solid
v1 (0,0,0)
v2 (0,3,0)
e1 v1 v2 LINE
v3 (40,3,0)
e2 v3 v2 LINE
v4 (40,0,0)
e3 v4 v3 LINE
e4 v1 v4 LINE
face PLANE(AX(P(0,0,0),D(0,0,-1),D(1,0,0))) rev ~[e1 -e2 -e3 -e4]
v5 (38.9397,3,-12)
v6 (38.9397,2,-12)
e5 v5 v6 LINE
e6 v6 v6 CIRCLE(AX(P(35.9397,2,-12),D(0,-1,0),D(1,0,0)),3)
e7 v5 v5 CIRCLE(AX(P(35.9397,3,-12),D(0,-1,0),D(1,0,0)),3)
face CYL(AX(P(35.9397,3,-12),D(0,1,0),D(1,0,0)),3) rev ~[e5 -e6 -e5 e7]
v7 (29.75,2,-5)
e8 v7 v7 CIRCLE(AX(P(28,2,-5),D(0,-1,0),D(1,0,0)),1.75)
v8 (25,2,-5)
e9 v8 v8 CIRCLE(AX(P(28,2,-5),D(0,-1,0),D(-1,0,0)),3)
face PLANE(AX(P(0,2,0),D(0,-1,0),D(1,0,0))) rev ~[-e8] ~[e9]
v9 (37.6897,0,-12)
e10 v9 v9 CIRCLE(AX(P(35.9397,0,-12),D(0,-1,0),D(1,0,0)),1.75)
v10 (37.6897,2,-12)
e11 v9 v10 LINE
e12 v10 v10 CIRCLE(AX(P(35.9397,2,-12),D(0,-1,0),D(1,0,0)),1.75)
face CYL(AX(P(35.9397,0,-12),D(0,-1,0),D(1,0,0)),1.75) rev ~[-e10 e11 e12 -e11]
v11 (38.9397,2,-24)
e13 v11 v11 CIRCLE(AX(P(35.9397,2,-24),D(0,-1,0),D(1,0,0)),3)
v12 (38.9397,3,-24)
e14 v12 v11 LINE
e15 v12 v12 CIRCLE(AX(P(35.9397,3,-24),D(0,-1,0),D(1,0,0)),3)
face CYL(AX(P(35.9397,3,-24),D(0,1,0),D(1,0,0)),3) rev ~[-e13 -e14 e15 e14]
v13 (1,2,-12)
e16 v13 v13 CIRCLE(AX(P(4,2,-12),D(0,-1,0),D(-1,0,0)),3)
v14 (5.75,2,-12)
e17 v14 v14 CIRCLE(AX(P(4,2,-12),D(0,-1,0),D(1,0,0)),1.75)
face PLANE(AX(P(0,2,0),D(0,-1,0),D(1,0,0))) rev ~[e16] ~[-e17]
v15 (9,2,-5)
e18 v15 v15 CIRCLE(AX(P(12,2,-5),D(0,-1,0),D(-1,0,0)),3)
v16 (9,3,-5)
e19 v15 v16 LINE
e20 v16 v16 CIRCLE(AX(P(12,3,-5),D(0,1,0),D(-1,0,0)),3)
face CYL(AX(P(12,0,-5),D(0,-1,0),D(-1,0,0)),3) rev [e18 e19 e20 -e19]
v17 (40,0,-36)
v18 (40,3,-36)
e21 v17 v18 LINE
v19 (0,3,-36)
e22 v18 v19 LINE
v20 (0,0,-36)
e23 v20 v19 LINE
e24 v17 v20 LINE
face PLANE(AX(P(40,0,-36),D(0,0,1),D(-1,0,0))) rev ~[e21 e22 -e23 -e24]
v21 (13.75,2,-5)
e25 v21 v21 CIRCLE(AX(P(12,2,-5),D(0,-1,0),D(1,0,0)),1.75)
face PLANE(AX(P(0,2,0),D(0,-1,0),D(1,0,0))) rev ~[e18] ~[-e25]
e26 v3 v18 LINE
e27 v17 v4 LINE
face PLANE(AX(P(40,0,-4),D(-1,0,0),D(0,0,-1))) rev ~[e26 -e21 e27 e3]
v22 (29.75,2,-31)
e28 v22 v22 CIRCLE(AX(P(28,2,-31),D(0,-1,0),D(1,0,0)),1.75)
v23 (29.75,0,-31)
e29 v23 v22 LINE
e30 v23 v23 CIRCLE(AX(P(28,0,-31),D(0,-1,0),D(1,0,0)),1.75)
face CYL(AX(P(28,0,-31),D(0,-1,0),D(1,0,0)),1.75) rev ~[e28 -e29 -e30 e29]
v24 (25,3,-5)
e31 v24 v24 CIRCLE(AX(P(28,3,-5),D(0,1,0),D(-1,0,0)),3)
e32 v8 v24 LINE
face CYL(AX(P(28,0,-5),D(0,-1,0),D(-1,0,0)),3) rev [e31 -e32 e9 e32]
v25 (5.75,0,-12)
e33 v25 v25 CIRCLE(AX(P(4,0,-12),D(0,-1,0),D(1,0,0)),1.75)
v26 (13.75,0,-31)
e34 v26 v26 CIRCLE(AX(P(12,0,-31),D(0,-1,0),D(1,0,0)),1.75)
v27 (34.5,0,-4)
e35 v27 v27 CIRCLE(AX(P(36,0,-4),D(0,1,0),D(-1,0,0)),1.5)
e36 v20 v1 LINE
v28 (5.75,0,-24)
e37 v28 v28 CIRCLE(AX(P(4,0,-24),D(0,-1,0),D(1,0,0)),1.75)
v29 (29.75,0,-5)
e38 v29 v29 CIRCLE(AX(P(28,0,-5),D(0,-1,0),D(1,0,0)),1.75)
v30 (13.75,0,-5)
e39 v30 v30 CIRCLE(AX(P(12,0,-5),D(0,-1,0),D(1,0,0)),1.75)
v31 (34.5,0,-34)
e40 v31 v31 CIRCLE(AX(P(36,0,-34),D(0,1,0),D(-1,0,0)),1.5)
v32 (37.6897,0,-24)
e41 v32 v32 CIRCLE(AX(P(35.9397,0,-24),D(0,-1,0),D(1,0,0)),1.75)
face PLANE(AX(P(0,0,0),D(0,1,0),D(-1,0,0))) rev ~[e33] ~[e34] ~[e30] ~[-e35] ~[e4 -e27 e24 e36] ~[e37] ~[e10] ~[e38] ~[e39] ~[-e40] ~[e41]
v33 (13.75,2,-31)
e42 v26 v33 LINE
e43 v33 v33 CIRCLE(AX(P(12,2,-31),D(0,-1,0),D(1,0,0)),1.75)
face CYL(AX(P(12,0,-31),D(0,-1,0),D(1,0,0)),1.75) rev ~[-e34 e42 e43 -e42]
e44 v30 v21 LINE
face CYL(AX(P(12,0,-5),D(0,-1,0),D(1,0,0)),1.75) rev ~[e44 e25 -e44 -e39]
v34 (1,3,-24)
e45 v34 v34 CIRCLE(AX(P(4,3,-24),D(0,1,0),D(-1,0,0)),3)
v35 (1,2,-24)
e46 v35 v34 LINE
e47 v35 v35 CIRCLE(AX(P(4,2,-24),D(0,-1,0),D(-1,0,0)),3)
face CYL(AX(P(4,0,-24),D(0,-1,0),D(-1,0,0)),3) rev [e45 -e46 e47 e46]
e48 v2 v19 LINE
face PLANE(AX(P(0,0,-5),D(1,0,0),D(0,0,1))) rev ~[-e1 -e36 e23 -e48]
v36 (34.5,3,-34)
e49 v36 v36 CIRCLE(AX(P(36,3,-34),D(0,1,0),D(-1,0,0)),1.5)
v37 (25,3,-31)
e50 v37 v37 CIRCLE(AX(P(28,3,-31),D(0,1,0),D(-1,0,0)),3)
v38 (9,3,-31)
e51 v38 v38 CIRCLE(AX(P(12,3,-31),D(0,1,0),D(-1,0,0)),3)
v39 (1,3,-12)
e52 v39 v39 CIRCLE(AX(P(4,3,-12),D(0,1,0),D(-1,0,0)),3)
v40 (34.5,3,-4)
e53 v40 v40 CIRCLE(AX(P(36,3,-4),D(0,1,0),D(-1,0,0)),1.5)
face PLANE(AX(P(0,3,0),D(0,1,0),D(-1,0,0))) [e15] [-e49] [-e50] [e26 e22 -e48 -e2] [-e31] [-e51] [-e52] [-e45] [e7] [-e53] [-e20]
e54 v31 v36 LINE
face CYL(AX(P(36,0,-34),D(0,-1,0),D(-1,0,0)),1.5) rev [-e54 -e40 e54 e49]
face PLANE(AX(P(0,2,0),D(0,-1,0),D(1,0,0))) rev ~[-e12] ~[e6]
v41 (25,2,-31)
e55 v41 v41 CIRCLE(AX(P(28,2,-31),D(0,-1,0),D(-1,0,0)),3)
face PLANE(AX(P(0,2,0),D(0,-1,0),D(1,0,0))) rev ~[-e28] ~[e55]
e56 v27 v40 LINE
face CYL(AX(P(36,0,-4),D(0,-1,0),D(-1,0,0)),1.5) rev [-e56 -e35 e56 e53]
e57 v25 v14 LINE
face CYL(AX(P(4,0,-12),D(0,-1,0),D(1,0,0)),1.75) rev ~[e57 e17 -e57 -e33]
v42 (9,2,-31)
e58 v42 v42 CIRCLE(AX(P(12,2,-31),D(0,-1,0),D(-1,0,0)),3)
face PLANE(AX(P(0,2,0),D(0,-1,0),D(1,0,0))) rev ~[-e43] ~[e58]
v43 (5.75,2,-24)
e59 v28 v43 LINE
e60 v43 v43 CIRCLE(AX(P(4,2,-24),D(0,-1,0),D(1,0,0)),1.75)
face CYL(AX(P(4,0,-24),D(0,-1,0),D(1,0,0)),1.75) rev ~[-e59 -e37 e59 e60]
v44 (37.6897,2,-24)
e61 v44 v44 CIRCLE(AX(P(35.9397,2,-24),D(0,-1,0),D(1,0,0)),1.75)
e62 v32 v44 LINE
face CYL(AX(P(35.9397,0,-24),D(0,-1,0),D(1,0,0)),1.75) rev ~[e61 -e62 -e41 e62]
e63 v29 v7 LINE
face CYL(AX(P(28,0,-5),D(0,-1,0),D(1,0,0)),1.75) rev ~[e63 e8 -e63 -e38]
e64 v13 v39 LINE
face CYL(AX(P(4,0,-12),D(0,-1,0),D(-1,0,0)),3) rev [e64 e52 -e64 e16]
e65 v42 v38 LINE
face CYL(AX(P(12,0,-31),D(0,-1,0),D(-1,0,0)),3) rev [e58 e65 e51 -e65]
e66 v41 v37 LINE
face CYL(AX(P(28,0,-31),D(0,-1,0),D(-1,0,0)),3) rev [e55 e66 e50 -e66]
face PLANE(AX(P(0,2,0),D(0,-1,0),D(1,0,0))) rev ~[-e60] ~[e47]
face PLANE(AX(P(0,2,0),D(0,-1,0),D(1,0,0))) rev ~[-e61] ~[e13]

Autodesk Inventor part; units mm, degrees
ref_plane "YZ Plane" through (0, 0, 0) normal (1, 0, 0) x (0, 1, 0)
ref_plane "XZ Plane" through (0, 0, 0) normal (0, 1, 0) x (-1, 0, 0)
ref_plane "XY Plane" through (0, 0, 0) normal (0, 0, 1) x (1, 0, 0)
sketch "Sketch1" plane through (0, 0, 0) normal (0, 1, 0) x (-1, 0, 0)
  line L0 (0, 0) -> (-40, 0)
  line L1 (-40, 0) -> (-40, -36)
  line L2 (-40, -36) -> (0, -36)
  line L3 (0, -36) -> (0, 0)
  line L4 (0, 0) -> (0, -5)
  circle A0 centre (-12, -5) radius 3
  circle A1 centre (-28, -5) radius 3
  line L5 (0, 0) -> (-4, 0)
  circle A2 centre (-4, -12) radius 3
  line L6 (-40, 0) -> (-36, 0)
  line L7 (-40, -4) -> (-40, 0)
  circle A3 centre (-36, -4) radius 1.5
  circle A4 centre (-4, -24) radius 3
  circle A5 centre (-12, -31) radius 3
  circle A6 centre (-28, -31) radius 3
  circle A7 centre (-36, -34) radius 1.5
  dimension "d0" = 40
  dimension "d1" = 36
  dimension "d11" = 6
  dimension "d13" = 0
  dimension "d14" = 0
  dimension "d15" = 5
  dimension "d16" = 4
  dimension "d17" = 4
  dimension "d18" = 12
  dimension "d19" = 4
  dimension "d20" = 24
  dimension "d21" = 12
  dimension "d22" = 5
  dimension "d23" = 12
  dimension "d24" = 31
  dimension "d25" = 28
  dimension "d26" = 5
  dimension "d27" = 28
  dimension "d29" = 36
  dimension "d30" = 36
  dimension "d31" = 4
  dimension "d32" = 36
  dimension "d34" = 4
  dimension "d88" = 30
  dimension "d89" = 3
extrude "Extrusion1" add sketch "Sketch1" along normal blind 3
sketch "Sketch2" plane through (0, 3, 0) normal (0, 1, 0) x (1, 0, 0)
  line L0 (39.9397, 0) -> (35.9397, 0)
  line L1 (0, 0) -> (40, 0)
  line L2 (35.9397, 0) -> (35.9397, 12)
  line L3 (35.9397, 12) -> (35.9397, 24)
  circle A0 centre (35.9397, 12) radius 3
  circle A1 centre (35.9397, 24) radius 3
  dimension "d4" = 4
  dimension "d5" = 12
  dimension "d6" = 12
  dimension "d7" = 6
  dimension "d8" = 6
  dimension "d35" = 0
  dimension "d36" = 35.9397
  dimension "d37" = 4.0603
  dimension "d38" = 35.9397
extrude "Extrusion2" cut sketch "Sketch2" against normal blind 3
sketch "Sketch5" plane through (0, 0, 0) normal (0, -1, 0) x (1, 0, 0)
  circle A0 centre (12, -5) radius 1.75
  circle A1 centre (12, -5) radius 3 projected
  circle A2 centre (12, -5) radius 3
  circle A3 centre (28, -5) radius 1.75
  circle A4 centre (28, -5) radius 3 projected
  circle A5 centre (28, -5) radius 3
  circle A6 centre (4, -12) radius 1.75
  circle A7 centre (4, -12) radius 3 projected
  circle A8 centre (4, -12) radius 3
  circle A9 centre (35.9397, -12) radius 1.75
  circle A10 centre (35.9397, -12) radius 3 projected
  circle A11 centre (35.9397, -24) radius 3 projected
  circle A12 centre (28, -31) radius 3 projected
  circle A13 centre (12, -31) radius 3 projected
  circle A14 centre (4, -24) radius 3 projected
  circle A15 centre (4, -12) radius 3 projected
  circle A16 centre (28, -5) radius 3 projected
  circle A17 centre (12, -5) radius 3 projected
  circle A18 centre (36, -34) radius 1.5 projected
  circle A19 centre (36, -4) radius 1.5 projected
  line L0 (0, 0) -> (40, 0) projected
  line L1 (0, -36) -> (0, 0) projected
  line L2 (40, -36) -> (0, -36) projected
  line L3 (40, 0) -> (40, -36) projected
  circle A20 centre (35.9397, -12) radius 3
  circle A21 centre (35.9397, -24) radius 1.75
  circle A22 centre (35.9397, -24) radius 3
  circle A23 centre (28, -31) radius 1.75
  circle A24 centre (28, -31) radius 3
  circle A25 centre (12, -31) radius 1.75
  circle A26 centre (12, -31) radius 3
  circle A27 centre (4, -24) radius 1.75
  circle A28 centre (4, -24) radius 3 projected
  circle A29 centre (4, -24) radius 3
  point P0 (-35.9397, 24)
  point P1 (-28, 31)
  point P2 (-28, 31)
  point P3 (-28, 31)
  dimension "d39" = 3.5
  dimension "d40" = 0
  dimension "d41" = 0
  dimension "d42" = 3.5
  dimension "d43" = 0
  dimension "d44" = 0
  dimension "d45" = 6
  dimension "d46" = 3.5
  dimension "d47" = 0
  dimension "d48" = 0
  dimension "d49" = 6
  dimension "d50" = 3.5
  dimension "d51" = 0
  dimension "d52" = 0
  dimension "d53" = 6
  dimension "d54" = 3.5
  dimension "d55" = 0
  dimension "d56" = 0
  dimension "d57" = 6
  dimension "d58" = 3.5
  dimension "d59" = 0
  dimension "d60" = 0
  dimension "d61" = 6
  dimension "d62" = 3.5
  dimension "d63" = 0
  dimension "d64" = 0
  dimension "d65" = 6
  dimension "d66" = 3.5
  dimension "d67" = 0
  dimension "d68" = 0
  dimension "d69" = 6
  dimension "d74" = 68
  dimension "d75" = 67
  dimension "d76" = 68
  dimension "d77" = 67
  dimension "d78" = 68
  dimension "d79" = 67
  dimension "d80" = 75.9397
  dimension "d81" = 60
extrude "Extrusion4" add sketch "Sketch5" against normal blind 2 contours A1 | A4 | A7 | A10 | A11 | A12 | A13 | A14
properties part number "reverse gear steam chest cover"
